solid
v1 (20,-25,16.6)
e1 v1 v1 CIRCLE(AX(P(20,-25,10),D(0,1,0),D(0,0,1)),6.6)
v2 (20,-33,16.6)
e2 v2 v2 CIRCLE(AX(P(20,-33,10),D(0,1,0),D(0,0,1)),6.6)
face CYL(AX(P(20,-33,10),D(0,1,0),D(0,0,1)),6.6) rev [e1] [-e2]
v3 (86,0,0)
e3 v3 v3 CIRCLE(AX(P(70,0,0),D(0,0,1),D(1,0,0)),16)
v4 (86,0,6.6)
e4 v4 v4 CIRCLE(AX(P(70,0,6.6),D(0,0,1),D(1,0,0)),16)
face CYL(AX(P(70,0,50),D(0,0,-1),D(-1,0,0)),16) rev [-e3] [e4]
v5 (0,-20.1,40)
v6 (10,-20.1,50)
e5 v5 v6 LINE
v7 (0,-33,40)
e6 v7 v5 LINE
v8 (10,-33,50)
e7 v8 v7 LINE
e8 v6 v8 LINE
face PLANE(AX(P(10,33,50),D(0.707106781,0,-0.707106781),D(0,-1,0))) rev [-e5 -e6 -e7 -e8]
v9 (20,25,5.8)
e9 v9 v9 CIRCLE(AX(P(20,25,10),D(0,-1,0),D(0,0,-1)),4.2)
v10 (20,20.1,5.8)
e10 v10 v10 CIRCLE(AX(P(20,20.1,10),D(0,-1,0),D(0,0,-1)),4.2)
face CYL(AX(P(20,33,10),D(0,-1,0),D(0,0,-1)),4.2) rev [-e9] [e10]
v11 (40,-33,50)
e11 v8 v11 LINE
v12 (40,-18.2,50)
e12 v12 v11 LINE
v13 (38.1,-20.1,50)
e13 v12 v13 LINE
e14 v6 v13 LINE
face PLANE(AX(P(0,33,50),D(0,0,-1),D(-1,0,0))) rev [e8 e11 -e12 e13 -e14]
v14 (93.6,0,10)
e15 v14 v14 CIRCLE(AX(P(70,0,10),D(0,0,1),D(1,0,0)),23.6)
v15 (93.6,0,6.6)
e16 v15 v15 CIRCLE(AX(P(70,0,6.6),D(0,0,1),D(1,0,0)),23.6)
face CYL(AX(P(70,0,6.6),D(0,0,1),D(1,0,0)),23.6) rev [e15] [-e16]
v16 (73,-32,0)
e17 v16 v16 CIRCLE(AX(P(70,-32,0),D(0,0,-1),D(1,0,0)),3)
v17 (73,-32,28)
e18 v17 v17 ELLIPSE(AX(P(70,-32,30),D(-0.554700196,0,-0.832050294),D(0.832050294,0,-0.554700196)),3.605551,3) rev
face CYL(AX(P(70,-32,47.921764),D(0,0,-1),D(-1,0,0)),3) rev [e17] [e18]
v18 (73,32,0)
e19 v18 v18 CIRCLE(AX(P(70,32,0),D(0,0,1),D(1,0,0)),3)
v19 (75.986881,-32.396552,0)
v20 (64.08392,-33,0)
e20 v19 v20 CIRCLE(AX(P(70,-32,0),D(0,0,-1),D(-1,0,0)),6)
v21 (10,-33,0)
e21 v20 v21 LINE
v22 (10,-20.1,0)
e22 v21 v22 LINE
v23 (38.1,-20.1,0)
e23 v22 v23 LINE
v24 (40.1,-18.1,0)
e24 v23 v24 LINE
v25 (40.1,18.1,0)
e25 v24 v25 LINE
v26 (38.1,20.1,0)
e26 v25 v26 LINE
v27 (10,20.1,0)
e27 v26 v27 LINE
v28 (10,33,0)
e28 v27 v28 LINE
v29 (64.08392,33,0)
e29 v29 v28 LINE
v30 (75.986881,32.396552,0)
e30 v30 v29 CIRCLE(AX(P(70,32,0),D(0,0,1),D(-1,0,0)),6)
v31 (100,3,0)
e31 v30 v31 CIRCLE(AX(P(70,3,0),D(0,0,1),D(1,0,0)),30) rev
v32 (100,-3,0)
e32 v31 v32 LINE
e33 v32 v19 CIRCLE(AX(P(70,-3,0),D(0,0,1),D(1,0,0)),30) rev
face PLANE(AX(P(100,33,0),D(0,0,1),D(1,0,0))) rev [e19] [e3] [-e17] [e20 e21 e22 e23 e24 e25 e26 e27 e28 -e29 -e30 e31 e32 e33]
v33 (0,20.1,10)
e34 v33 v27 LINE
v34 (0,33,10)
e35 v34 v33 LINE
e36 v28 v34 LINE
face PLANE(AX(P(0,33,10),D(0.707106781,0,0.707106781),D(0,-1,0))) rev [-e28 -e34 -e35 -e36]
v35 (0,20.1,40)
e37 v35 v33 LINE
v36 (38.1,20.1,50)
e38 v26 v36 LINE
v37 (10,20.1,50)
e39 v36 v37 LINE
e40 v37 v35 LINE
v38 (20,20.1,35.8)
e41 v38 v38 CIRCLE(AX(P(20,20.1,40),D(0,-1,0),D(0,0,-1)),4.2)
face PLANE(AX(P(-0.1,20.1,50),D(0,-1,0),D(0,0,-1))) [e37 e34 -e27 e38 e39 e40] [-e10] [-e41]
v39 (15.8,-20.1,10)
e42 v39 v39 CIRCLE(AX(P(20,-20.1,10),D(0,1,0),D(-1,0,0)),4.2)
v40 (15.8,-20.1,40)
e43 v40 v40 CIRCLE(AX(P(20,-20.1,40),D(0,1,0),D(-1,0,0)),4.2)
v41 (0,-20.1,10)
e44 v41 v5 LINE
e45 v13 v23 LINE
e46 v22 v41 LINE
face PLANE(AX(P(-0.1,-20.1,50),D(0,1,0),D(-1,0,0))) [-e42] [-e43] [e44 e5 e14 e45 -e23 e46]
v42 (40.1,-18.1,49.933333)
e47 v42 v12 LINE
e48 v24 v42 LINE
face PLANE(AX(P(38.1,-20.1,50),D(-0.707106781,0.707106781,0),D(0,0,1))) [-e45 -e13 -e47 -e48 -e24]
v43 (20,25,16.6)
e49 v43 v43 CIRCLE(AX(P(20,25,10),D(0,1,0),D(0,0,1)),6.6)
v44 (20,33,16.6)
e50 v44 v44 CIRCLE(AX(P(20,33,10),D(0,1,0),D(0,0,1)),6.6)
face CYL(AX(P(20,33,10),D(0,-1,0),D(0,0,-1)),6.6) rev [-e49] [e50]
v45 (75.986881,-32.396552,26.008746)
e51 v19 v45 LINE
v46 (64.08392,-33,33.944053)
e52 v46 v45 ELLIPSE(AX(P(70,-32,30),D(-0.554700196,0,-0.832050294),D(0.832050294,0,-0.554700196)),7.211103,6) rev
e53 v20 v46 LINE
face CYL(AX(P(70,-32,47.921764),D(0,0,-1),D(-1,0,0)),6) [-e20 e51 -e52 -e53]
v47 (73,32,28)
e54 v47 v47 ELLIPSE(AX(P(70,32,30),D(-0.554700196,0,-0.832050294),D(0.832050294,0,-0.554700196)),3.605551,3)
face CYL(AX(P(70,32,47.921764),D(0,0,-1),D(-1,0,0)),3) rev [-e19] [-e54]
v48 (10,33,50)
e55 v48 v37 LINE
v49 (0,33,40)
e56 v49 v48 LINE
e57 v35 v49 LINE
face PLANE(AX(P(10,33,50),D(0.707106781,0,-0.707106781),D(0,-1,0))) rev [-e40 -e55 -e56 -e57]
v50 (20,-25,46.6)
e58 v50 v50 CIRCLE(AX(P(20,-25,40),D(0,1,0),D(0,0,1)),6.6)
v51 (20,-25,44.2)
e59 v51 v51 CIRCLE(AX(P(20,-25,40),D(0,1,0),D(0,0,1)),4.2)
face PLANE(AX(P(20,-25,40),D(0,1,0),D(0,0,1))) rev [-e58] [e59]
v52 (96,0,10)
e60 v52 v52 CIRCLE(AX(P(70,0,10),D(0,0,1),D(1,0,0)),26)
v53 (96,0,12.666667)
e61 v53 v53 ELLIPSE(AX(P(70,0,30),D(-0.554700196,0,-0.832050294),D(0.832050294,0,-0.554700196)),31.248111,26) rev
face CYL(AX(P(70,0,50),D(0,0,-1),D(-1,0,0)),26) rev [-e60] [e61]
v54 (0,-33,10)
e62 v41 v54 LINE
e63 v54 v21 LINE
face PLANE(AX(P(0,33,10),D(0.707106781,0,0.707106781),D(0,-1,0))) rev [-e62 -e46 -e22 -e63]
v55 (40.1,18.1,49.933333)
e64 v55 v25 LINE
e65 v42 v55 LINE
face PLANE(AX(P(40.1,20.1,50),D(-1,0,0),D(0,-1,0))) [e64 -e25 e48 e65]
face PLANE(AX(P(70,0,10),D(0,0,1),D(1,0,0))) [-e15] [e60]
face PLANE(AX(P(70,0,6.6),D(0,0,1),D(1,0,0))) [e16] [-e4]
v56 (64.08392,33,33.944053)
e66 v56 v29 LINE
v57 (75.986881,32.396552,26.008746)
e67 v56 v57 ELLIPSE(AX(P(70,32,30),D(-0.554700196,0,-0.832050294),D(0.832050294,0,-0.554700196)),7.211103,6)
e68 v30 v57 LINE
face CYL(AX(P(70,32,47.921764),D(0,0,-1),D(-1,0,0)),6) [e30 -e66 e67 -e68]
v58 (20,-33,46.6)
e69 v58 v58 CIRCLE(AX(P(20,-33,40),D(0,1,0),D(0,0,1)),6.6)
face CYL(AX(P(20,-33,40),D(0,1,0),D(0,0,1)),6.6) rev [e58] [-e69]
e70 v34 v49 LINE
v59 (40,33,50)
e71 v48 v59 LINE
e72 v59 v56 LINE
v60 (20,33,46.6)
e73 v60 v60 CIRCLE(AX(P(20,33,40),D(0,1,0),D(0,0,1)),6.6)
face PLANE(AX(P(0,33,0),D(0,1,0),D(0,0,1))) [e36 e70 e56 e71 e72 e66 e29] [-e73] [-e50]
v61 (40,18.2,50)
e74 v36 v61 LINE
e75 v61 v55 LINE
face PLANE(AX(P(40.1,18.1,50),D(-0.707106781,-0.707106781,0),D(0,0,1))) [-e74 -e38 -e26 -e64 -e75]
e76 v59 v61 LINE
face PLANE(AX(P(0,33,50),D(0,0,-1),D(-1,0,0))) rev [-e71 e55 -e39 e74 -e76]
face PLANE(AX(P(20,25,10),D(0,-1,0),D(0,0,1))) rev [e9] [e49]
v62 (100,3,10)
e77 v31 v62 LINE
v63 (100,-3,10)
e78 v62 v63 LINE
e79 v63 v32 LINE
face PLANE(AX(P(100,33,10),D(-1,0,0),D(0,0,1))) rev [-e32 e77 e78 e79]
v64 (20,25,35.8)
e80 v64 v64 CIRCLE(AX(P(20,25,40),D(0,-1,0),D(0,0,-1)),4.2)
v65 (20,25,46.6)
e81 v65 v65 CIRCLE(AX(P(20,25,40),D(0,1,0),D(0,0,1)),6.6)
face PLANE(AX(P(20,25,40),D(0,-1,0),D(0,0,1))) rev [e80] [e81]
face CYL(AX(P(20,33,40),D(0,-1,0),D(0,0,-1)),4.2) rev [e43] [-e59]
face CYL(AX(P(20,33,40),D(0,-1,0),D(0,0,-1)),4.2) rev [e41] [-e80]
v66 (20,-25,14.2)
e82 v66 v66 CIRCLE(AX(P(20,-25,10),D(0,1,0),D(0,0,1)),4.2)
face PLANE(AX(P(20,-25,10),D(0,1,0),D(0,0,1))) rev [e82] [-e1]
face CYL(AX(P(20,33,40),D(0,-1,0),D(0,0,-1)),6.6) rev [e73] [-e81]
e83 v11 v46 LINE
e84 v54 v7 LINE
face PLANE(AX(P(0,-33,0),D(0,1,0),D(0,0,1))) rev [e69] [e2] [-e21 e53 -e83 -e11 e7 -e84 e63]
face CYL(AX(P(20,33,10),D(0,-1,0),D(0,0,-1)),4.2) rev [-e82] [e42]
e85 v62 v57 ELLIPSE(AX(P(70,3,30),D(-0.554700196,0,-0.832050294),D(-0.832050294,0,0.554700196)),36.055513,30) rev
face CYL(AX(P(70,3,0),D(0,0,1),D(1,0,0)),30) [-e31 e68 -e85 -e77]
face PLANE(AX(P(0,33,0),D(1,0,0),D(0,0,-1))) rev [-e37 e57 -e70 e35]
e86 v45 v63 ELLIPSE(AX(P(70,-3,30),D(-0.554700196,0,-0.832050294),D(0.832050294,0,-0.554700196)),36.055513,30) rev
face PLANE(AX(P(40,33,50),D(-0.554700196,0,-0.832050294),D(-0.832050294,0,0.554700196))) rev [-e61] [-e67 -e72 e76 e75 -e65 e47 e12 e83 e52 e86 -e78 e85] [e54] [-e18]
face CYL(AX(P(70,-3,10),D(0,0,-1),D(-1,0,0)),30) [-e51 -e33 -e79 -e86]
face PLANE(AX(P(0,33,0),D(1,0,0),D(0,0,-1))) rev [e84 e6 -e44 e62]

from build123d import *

# Parameters (mm, degrees)
SKETCH1_R           = 4.2
BOSS_EXTRUDE1_DEPTH = 33
SKETCH2_R           = 16
SKETCH2_W           = 40.2
SKETCH2_H           = 40.2
CUT_EXTRUDE1_DEPTH  = 117.571866246
CUT_EXTRUDE2_START  = 10
SKETCH3_R           = 26
CUT_EXTRUDE2_DEPTH  = 107.571866246
SKETCH4_R           = 23.6
CUT_EXTRUDE3_DEPTH  = 3.4
FILLET1_R           = 30
CHAMFER1_SIZE       = 2
CUT_EXTRUDE5_START  = -25
SKETCH5_R           = 6.6
CUT_EXTRUDE5_DEPTH  = 92.571866246
CHAMFER2_SIZE       = 10
BOSS_EXTRUDE2_REACH = 118.572
SKETCH6_R           = 3
SKETCH6_2_R         = 3
CUT_EXTRUDE6_DEPTH  = 119.084715353


with BuildPart() as part:
    # Sketch1 → Boss-Extrude1 (new, symmetric)
    with BuildSketch(Plane(origin=(0, 0, 0), x_dir=(1, 0, 0), z_dir=(0, 1, 0))):
        Polygon((0, 0), (0, -50), (40, -50), (100, -10), (100, 0), align=None)
        with Locations(Location((20, -10, 0), (0, 0, 270))):
            Circle(SKETCH1_R, mode=Mode.SUBTRACT)
        with Locations(Location((20, -40, 0), (0, 0, 270))):
            Circle(SKETCH1_R, mode=Mode.SUBTRACT)
    extrude(amount=BOSS_EXTRUDE1_DEPTH, both=True)

    # Sketch2 → Cut-Extrude1 (cut, through all)
    with BuildSketch(Plane.XY):
        with Locations((70, 0)):
            Circle(SKETCH2_R)
        with Locations((20, 0)):
            Rectangle(SKETCH2_W, SKETCH2_H)
    extrude(amount=CUT_EXTRUDE1_DEPTH, mode=Mode.SUBTRACT)

    # Sketch3 → Cut-Extrude2 (cut, through all)
    with BuildSketch(Plane.XY.offset(CUT_EXTRUDE2_START)):
        with Locations((70, 0)):
            Circle(SKETCH3_R)
    extrude(amount=CUT_EXTRUDE2_DEPTH, mode=Mode.SUBTRACT)

    # Sketch4 → Cut-Extrude3 (cut)
    with BuildSketch(Plane.XY.offset(10)):
        with Locations((70, 0)):
            Circle(SKETCH4_R)
    extrude(amount=-CUT_EXTRUDE3_DEPTH, mode=Mode.SUBTRACT)

    # Fillet1
    fillet1_edges = [part.edges().sort_by_distance(p)[0] for p in [
        (100, 33, 5),
        (100, -33, 5),
    ]]
    fillet(fillet1_edges, radius=FILLET1_R)

    # Chamfer1
    chamfer1_edges = [part.edges().sort_by_distance(p)[0] for p in [
        (40.1, -20.1, 24.966666667),
        (40.1, 20.1, 24.966666667),
    ]]
    chamfer(chamfer1_edges, length=CHAMFER1_SIZE)

    # Sketch5 → Cut-Extrude5 (cut, through all)
    with BuildSketch(Plane(origin=(0, 0, 0), x_dir=(1, 0, 0), z_dir=(0, 1, 0)).offset(CUT_EXTRUDE5_START)):
        with Locations(Location((20, -40, 0), (0, 0, 270))):
            Circle(SKETCH5_R)
        with Locations(Location((20, -10, 0), (0, 0, 270))):
            Circle(SKETCH5_R)
    cut_extrude5 = extrude(amount=-CUT_EXTRUDE5_DEPTH, mode=Mode.SUBTRACT)

    # Mirror1: Cut-Extrude5 across plane
    add(cut_extrude5.mirror(Plane.ZX), mode=Mode.SUBTRACT)

    # Chamfer2
    chamfer2_edges = [part.edges().sort_by_distance(p)[0] for p in [
        (0, -26.55, 50),
        (0, -26.55, 0),
        (0, 26.55, 50),
        (0, 26.55, 0),
    ]]
    chamfer(chamfer2_edges, length=CHAMFER2_SIZE)

    # Boss-Extrude2: up to this plane
    boss_extrude2_end = Plane(origin=(40, 33, 50), z_dir=(-0.5547001962252289, 0, -0.8320502943378438))
    # Sketch6 → Boss-Extrude2 (add, up to the surface)
    with BuildSketch(Plane.XY, mode=Mode.PRIVATE) as boss_extrude2_sk1:
        with BuildLine():
            Line((66.68337521, 27), (73.31662479, 27))
            ThreePointArc((73.31662479, 27), (70, 38), (66.68337521, 27))
        make_face()
        with Locations((70, 32)):
            Circle(SKETCH6_R, mode=Mode.SUBTRACT)
    boss_extrude2_tool1 = split(extrude(boss_extrude2_sk1.sketch, amount=BOSS_EXTRUDE2_REACH, mode=Mode.PRIVATE), bisect_by=boss_extrude2_end, keep=Keep.BOTH, mode=Mode.PRIVATE)
    boss_extrude2 = boss_extrude2_tool1.solids().sort_by_distance((70, 27.162788, 0))[0]
    add(boss_extrude2)

    # Sketch6<2> → Cut-Extrude6 (cut, through all)
    with BuildSketch(Plane.XY):
        with Locations((70, 32)):
            Circle(SKETCH6_2_R)
    cut_extrude6 = extrude(amount=CUT_EXTRUDE6_DEPTH, mode=Mode.SUBTRACT)

    # Mirror2: Boss-Extrude2, Cut-Extrude6 across plane
    add(boss_extrude2.mirror(Plane.ZX))
    add(cut_extrude6.mirror(Plane.ZX), mode=Mode.SUBTRACT)


solid = part.part
